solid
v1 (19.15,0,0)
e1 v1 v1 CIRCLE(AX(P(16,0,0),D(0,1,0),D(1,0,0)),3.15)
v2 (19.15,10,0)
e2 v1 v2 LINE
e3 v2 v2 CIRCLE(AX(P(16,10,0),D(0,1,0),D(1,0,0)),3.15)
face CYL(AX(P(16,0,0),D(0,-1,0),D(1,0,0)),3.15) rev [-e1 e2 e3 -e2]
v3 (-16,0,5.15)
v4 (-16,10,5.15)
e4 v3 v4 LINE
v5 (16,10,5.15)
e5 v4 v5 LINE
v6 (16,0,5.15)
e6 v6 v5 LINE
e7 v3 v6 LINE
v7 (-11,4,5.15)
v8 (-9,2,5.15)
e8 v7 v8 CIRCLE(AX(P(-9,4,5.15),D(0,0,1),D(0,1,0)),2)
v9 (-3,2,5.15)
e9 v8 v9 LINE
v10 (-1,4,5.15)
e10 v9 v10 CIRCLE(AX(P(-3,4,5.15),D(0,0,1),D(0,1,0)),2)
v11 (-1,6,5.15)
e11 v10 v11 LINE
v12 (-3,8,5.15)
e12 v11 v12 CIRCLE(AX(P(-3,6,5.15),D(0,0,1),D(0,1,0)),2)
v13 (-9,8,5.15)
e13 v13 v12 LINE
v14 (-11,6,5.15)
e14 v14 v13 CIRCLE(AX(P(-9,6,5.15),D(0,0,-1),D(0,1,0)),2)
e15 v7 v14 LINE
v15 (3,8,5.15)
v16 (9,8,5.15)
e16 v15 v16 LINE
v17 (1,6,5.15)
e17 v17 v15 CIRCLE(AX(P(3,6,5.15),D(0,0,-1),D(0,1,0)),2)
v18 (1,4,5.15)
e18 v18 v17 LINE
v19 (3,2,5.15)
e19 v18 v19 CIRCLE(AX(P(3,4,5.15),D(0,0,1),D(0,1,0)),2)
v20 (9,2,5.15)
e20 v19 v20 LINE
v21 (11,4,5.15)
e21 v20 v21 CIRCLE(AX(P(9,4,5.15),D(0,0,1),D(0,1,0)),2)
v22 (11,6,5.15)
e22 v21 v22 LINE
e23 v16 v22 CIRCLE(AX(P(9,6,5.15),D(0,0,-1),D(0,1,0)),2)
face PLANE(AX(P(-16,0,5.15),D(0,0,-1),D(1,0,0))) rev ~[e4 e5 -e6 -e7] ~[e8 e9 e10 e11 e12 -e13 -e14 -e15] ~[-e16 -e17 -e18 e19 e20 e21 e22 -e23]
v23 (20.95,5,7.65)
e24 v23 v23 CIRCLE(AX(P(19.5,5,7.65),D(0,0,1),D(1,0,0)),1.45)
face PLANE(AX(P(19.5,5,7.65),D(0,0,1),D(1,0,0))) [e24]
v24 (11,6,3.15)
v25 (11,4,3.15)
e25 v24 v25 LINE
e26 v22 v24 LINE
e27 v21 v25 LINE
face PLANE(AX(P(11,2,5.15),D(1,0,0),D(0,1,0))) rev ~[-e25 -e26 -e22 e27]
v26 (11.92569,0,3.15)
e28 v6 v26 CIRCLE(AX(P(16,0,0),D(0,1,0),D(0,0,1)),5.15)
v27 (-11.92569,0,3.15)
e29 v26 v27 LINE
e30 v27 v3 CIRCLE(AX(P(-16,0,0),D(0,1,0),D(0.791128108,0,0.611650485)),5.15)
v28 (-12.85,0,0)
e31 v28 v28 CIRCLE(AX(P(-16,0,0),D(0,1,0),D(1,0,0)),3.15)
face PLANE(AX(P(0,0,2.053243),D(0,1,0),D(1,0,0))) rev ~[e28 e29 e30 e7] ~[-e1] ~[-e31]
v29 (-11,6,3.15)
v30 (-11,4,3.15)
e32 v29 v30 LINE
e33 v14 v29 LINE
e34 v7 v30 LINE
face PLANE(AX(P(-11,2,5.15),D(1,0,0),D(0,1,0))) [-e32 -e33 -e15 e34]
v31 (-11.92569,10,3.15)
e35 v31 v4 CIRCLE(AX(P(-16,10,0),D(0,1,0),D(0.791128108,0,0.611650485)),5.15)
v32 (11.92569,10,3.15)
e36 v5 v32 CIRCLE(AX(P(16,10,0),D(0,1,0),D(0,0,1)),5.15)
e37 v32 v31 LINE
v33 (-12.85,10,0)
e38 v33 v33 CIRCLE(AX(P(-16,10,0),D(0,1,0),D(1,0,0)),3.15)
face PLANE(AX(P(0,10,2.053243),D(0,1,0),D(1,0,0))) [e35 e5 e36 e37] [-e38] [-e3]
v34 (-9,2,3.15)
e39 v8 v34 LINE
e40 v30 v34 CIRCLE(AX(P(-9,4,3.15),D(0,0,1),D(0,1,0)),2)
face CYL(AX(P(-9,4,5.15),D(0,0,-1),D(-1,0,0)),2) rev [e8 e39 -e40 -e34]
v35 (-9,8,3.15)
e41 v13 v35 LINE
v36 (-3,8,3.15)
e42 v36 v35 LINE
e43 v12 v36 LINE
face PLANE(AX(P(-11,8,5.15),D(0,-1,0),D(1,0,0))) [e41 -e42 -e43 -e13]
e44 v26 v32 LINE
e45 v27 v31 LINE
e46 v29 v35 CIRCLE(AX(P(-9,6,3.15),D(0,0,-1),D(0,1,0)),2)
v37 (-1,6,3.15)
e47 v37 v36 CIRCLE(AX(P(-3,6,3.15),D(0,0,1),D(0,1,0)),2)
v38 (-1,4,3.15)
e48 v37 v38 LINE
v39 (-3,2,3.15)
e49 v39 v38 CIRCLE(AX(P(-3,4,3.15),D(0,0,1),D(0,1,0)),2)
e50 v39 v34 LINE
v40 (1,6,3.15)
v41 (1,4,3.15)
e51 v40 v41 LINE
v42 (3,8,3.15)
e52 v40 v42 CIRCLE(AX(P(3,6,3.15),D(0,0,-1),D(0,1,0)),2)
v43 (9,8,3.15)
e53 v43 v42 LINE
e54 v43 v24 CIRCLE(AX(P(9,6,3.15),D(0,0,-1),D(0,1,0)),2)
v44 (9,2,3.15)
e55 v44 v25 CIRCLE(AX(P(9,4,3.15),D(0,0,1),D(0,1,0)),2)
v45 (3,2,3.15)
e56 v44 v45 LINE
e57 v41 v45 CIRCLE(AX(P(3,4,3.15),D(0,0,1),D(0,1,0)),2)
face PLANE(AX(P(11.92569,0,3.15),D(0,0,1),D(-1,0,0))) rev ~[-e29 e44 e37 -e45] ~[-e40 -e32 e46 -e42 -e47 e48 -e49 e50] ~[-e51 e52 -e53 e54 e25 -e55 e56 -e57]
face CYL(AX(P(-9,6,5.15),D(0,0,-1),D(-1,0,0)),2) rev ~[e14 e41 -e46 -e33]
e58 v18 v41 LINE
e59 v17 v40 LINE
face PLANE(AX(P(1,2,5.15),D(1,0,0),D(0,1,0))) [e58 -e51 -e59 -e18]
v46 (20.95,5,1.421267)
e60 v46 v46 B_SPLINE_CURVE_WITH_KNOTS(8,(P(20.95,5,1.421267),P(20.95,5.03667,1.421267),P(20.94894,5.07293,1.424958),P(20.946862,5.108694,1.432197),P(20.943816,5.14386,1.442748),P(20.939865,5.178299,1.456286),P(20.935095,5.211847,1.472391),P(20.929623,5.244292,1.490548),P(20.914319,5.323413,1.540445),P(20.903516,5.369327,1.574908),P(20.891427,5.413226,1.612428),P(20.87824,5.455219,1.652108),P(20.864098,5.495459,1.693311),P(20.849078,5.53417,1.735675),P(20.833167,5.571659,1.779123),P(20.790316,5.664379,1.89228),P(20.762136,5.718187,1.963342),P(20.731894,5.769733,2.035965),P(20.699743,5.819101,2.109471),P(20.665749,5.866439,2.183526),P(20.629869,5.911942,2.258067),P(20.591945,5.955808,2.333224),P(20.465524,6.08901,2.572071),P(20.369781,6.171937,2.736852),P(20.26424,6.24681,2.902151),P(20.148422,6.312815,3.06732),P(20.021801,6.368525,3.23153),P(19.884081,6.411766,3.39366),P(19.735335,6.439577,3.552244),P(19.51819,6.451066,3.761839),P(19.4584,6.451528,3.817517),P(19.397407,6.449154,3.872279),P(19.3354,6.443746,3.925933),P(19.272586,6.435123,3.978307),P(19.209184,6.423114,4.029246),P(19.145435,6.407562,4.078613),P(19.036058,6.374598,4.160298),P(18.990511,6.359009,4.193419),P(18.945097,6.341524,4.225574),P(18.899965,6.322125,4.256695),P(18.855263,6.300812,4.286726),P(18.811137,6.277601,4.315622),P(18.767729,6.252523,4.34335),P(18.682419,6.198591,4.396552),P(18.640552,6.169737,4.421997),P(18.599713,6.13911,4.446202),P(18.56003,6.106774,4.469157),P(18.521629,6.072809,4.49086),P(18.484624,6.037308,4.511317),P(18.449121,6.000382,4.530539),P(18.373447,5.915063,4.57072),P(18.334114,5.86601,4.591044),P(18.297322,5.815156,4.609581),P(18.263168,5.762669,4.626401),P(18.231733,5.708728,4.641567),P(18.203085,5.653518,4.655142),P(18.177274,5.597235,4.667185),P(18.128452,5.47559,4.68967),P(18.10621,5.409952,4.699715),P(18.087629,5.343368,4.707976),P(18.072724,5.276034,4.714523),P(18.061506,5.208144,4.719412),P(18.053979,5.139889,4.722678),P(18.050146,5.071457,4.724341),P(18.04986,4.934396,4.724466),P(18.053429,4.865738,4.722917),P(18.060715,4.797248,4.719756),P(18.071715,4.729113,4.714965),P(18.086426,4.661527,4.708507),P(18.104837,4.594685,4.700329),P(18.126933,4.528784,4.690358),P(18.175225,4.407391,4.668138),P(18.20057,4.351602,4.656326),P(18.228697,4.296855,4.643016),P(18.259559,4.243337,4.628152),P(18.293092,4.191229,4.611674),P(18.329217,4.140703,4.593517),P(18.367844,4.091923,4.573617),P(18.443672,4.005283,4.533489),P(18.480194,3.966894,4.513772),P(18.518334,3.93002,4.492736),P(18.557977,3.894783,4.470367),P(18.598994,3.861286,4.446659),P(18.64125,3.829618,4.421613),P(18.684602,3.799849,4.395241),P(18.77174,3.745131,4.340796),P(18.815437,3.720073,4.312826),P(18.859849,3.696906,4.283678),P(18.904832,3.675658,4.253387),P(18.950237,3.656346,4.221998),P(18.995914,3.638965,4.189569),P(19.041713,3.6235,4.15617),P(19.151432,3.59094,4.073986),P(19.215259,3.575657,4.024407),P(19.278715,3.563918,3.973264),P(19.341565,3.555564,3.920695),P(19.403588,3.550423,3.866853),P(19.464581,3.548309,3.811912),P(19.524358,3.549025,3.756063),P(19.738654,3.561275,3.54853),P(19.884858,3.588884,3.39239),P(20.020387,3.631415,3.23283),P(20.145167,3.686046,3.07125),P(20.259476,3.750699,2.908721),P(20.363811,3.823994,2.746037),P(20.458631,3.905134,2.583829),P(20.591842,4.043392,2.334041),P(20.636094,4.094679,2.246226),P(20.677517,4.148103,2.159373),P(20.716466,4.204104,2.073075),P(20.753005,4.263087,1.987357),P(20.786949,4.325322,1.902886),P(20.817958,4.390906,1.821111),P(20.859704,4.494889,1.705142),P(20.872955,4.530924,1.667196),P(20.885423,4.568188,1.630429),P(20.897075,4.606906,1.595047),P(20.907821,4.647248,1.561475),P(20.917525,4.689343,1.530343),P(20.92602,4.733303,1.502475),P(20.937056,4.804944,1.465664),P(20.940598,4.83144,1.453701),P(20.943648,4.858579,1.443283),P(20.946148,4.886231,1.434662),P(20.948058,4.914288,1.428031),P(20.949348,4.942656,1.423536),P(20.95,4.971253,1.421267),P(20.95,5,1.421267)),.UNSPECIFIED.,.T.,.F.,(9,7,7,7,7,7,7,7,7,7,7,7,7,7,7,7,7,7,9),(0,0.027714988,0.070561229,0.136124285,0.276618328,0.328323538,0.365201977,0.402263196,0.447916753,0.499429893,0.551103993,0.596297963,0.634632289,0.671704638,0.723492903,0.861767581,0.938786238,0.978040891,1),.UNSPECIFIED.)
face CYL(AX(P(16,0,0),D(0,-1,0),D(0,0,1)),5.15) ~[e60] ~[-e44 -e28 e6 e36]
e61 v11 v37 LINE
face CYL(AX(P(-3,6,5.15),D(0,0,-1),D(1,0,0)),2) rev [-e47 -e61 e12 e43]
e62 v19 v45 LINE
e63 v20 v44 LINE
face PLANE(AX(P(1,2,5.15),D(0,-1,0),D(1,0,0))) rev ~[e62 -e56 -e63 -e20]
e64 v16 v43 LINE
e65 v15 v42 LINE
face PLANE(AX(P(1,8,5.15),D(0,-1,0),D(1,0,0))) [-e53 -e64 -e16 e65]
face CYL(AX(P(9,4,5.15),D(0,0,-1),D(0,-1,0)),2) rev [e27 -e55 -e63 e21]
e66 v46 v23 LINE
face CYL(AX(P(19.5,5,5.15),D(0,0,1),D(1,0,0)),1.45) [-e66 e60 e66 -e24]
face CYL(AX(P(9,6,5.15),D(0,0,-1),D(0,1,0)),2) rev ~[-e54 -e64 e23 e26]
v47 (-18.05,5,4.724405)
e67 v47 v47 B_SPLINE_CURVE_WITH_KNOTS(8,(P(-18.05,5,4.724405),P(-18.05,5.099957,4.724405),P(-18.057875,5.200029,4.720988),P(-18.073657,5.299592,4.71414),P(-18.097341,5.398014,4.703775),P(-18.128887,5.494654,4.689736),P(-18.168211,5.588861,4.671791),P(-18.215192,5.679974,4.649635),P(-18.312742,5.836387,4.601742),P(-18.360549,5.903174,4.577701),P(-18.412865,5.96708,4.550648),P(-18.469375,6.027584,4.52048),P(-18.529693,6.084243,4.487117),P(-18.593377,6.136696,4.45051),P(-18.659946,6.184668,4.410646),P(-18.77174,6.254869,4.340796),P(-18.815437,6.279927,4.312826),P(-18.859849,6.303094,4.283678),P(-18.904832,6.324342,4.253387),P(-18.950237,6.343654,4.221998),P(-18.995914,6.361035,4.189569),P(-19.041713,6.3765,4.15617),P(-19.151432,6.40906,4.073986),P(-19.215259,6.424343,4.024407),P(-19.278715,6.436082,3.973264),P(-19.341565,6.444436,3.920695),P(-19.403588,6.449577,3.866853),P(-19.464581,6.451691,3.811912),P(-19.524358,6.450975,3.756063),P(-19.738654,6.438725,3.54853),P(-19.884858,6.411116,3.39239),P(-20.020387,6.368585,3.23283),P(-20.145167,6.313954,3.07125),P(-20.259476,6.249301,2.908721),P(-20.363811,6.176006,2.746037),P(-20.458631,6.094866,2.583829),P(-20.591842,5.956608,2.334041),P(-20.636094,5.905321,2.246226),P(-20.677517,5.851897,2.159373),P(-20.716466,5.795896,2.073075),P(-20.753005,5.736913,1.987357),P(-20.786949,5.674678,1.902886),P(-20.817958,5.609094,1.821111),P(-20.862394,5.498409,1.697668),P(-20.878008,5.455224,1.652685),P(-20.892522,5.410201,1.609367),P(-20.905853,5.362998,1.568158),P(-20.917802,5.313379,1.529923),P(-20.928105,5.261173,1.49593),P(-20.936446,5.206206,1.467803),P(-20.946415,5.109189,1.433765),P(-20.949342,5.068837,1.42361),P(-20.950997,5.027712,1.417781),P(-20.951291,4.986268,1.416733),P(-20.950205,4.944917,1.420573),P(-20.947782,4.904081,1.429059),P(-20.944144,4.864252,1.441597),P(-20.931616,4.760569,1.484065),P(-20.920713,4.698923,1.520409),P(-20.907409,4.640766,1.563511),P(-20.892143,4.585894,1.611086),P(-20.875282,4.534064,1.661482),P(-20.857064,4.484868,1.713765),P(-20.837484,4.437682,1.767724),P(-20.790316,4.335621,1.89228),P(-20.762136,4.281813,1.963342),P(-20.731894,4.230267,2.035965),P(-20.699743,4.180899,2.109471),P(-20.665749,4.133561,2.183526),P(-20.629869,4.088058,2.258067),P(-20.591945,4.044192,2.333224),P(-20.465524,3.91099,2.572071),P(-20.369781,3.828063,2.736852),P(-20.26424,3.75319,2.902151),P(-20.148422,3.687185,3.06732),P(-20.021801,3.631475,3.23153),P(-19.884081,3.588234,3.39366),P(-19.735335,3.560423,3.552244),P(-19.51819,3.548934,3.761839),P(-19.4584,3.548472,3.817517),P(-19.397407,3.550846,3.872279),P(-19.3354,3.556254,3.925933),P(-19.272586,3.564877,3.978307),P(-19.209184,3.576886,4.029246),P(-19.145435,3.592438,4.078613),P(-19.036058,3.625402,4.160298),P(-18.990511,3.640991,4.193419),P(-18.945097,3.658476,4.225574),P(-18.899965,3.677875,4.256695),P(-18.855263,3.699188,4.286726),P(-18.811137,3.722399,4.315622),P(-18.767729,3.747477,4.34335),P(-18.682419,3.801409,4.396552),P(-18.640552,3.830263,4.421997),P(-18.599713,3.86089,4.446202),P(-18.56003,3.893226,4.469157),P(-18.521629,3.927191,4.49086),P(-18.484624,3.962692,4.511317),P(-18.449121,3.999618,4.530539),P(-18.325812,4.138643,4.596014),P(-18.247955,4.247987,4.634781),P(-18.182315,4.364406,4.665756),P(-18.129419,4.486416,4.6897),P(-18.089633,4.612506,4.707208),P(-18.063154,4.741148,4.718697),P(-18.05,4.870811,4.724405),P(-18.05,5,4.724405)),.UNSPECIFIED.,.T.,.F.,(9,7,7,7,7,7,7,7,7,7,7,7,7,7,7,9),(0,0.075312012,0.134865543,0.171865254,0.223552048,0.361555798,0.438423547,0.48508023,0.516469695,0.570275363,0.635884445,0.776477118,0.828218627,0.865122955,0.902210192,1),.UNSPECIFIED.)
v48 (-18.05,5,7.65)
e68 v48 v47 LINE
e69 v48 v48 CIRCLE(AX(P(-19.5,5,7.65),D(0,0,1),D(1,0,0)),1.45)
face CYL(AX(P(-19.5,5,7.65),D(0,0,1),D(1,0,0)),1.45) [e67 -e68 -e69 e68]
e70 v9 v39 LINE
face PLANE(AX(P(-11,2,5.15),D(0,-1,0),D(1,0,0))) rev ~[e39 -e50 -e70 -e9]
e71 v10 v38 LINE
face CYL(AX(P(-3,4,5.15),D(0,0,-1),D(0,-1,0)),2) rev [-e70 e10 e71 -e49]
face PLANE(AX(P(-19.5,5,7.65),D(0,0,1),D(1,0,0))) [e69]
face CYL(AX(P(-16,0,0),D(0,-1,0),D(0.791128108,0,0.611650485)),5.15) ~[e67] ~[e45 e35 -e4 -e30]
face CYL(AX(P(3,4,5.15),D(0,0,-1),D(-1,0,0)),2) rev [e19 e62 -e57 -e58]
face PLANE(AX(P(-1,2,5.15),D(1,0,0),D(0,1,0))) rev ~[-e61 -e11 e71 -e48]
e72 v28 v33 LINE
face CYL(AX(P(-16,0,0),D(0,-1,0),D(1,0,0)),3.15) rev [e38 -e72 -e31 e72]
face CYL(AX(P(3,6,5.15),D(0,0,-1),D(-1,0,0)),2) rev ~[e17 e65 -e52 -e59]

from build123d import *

# Parameters (mm, degrees)
SKETCH1_R           = 3.15
BOSS_EXTRUDE1_DEPTH = 10
BOSS_EXTRUDE2_REACH = 27.562
SKETCH2_R           = 1.45
BOSS_EXTRUDE3_START = 2.5
SKETCH3_R           = 1.45
BOSS_EXTRUDE3_DEPTH = 2.5
CUT_EXTRUDE1_REACH  = 27.562
SKETCH4_W           = 10
SKETCH4_H           = 6
FILLET1_R           = 2


with BuildPart() as part:
    # Sketch1 → Boss-Extrude1 (new body)
    with BuildSketch(Plane(origin=(0, 0, 0), x_dir=(1, 0, 0), z_dir=(0, 1, 0))):
        with BuildLine():
            Line((11.925690243, -3.15), (-11.925690243, -3.15))
            ThreePointArc((-11.925690243, -3.15), (-18.269361144, 4.623040125), (-16, -5.15))
            Line((-16, -5.15), (16, -5.15))
            ThreePointArc((16, -5.15), (18.269361144, 4.623040125), (11.925690243, -3.15))
        make_face()
        with Locations((-16, 0)):
            Circle(SKETCH1_R, mode=Mode.SUBTRACT)
        with Locations((16, 0)):
            Circle(SKETCH1_R, mode=Mode.SUBTRACT)
    extrude(amount=BOSS_EXTRUDE1_DEPTH)

    # Sketch2 → Boss-Extrude2 (add, up to next)
    with BuildSketch(Plane.XY.offset(5.15), mode=Mode.PRIVATE) as boss_extrude2_sk1:
        with Locations((-19.5, 5)):
            Circle(SKETCH2_R)
    boss_extrude2_tool1 = extrude(boss_extrude2_sk1.sketch, amount=-BOSS_EXTRUDE2_REACH, mode=Mode.PRIVATE) - part.part
    # Sketch2 → Boss-Extrude2 (add, up to next)
    with BuildSketch(Plane.XY.offset(5.15), mode=Mode.PRIVATE) as boss_extrude2_sk2:
        with Locations((19.5, 5)):
            Circle(SKETCH2_R)
    boss_extrude2_tool2 = extrude(boss_extrude2_sk2.sketch, amount=-BOSS_EXTRUDE2_REACH, mode=Mode.PRIVATE) - part.part
    add(boss_extrude2_tool1.solids().sort_by_distance((-19.5, 5, 5.15))[0])
    add(boss_extrude2_tool2.solids().sort_by_distance((19.5, 5, 5.15))[0])

    # Sketch3 → Boss-Extrude3 (add)
    with BuildSketch(Plane.XY.offset(5.15).offset(BOSS_EXTRUDE3_START)):
        with Locations((-19.5, 5)):
            Circle(SKETCH3_R)
        with Locations((19.5, 5)):
            Circle(SKETCH3_R)
    extrude(amount=-BOSS_EXTRUDE3_DEPTH)

    # Sketch4 → Cut-Extrude1 (cut, up to next)
    with BuildSketch(Plane.XY.offset(5.15), mode=Mode.PRIVATE) as cut_extrude1_sk1:
        with Locations((6, 5)):
            Rectangle(SKETCH4_W, SKETCH4_H)
    cut_extrude1_tool1 = extrude(cut_extrude1_sk1.sketch, amount=-CUT_EXTRUDE1_REACH, mode=Mode.PRIVATE) & part.part
    # Sketch4 → Cut-Extrude1 (cut, up to next)
    with BuildSketch(Plane.XY.offset(5.15), mode=Mode.PRIVATE) as cut_extrude1_sk2:
        with Locations((-6, 5)):
            Rectangle(SKETCH4_W, SKETCH4_H)
    cut_extrude1_tool2 = extrude(cut_extrude1_sk2.sketch, amount=-CUT_EXTRUDE1_REACH, mode=Mode.PRIVATE) & part.part
    add(cut_extrude1_tool1.solids().sort_by_distance((6, 5, 5.15))[0], mode=Mode.SUBTRACT)
    add(cut_extrude1_tool2.solids().sort_by_distance((-6, 5, 5.15))[0], mode=Mode.SUBTRACT)

    # Fillet1
    fillet1_edges = [part.edges().sort_by_distance(p)[0] for p in [
        (11, 2, 4.15),
        (11, 8, 4.15),
        (-11, 8, 4.15),
        (-11, 2, 4.15),
        (1, 2, 4.15),
        (1, 8, 4.15),
        (-1, 2, 4.15),
        (-1, 8, 4.15),
    ]]
    fillet(fillet1_edges, radius=FILLET1_R)


solid = part.part
